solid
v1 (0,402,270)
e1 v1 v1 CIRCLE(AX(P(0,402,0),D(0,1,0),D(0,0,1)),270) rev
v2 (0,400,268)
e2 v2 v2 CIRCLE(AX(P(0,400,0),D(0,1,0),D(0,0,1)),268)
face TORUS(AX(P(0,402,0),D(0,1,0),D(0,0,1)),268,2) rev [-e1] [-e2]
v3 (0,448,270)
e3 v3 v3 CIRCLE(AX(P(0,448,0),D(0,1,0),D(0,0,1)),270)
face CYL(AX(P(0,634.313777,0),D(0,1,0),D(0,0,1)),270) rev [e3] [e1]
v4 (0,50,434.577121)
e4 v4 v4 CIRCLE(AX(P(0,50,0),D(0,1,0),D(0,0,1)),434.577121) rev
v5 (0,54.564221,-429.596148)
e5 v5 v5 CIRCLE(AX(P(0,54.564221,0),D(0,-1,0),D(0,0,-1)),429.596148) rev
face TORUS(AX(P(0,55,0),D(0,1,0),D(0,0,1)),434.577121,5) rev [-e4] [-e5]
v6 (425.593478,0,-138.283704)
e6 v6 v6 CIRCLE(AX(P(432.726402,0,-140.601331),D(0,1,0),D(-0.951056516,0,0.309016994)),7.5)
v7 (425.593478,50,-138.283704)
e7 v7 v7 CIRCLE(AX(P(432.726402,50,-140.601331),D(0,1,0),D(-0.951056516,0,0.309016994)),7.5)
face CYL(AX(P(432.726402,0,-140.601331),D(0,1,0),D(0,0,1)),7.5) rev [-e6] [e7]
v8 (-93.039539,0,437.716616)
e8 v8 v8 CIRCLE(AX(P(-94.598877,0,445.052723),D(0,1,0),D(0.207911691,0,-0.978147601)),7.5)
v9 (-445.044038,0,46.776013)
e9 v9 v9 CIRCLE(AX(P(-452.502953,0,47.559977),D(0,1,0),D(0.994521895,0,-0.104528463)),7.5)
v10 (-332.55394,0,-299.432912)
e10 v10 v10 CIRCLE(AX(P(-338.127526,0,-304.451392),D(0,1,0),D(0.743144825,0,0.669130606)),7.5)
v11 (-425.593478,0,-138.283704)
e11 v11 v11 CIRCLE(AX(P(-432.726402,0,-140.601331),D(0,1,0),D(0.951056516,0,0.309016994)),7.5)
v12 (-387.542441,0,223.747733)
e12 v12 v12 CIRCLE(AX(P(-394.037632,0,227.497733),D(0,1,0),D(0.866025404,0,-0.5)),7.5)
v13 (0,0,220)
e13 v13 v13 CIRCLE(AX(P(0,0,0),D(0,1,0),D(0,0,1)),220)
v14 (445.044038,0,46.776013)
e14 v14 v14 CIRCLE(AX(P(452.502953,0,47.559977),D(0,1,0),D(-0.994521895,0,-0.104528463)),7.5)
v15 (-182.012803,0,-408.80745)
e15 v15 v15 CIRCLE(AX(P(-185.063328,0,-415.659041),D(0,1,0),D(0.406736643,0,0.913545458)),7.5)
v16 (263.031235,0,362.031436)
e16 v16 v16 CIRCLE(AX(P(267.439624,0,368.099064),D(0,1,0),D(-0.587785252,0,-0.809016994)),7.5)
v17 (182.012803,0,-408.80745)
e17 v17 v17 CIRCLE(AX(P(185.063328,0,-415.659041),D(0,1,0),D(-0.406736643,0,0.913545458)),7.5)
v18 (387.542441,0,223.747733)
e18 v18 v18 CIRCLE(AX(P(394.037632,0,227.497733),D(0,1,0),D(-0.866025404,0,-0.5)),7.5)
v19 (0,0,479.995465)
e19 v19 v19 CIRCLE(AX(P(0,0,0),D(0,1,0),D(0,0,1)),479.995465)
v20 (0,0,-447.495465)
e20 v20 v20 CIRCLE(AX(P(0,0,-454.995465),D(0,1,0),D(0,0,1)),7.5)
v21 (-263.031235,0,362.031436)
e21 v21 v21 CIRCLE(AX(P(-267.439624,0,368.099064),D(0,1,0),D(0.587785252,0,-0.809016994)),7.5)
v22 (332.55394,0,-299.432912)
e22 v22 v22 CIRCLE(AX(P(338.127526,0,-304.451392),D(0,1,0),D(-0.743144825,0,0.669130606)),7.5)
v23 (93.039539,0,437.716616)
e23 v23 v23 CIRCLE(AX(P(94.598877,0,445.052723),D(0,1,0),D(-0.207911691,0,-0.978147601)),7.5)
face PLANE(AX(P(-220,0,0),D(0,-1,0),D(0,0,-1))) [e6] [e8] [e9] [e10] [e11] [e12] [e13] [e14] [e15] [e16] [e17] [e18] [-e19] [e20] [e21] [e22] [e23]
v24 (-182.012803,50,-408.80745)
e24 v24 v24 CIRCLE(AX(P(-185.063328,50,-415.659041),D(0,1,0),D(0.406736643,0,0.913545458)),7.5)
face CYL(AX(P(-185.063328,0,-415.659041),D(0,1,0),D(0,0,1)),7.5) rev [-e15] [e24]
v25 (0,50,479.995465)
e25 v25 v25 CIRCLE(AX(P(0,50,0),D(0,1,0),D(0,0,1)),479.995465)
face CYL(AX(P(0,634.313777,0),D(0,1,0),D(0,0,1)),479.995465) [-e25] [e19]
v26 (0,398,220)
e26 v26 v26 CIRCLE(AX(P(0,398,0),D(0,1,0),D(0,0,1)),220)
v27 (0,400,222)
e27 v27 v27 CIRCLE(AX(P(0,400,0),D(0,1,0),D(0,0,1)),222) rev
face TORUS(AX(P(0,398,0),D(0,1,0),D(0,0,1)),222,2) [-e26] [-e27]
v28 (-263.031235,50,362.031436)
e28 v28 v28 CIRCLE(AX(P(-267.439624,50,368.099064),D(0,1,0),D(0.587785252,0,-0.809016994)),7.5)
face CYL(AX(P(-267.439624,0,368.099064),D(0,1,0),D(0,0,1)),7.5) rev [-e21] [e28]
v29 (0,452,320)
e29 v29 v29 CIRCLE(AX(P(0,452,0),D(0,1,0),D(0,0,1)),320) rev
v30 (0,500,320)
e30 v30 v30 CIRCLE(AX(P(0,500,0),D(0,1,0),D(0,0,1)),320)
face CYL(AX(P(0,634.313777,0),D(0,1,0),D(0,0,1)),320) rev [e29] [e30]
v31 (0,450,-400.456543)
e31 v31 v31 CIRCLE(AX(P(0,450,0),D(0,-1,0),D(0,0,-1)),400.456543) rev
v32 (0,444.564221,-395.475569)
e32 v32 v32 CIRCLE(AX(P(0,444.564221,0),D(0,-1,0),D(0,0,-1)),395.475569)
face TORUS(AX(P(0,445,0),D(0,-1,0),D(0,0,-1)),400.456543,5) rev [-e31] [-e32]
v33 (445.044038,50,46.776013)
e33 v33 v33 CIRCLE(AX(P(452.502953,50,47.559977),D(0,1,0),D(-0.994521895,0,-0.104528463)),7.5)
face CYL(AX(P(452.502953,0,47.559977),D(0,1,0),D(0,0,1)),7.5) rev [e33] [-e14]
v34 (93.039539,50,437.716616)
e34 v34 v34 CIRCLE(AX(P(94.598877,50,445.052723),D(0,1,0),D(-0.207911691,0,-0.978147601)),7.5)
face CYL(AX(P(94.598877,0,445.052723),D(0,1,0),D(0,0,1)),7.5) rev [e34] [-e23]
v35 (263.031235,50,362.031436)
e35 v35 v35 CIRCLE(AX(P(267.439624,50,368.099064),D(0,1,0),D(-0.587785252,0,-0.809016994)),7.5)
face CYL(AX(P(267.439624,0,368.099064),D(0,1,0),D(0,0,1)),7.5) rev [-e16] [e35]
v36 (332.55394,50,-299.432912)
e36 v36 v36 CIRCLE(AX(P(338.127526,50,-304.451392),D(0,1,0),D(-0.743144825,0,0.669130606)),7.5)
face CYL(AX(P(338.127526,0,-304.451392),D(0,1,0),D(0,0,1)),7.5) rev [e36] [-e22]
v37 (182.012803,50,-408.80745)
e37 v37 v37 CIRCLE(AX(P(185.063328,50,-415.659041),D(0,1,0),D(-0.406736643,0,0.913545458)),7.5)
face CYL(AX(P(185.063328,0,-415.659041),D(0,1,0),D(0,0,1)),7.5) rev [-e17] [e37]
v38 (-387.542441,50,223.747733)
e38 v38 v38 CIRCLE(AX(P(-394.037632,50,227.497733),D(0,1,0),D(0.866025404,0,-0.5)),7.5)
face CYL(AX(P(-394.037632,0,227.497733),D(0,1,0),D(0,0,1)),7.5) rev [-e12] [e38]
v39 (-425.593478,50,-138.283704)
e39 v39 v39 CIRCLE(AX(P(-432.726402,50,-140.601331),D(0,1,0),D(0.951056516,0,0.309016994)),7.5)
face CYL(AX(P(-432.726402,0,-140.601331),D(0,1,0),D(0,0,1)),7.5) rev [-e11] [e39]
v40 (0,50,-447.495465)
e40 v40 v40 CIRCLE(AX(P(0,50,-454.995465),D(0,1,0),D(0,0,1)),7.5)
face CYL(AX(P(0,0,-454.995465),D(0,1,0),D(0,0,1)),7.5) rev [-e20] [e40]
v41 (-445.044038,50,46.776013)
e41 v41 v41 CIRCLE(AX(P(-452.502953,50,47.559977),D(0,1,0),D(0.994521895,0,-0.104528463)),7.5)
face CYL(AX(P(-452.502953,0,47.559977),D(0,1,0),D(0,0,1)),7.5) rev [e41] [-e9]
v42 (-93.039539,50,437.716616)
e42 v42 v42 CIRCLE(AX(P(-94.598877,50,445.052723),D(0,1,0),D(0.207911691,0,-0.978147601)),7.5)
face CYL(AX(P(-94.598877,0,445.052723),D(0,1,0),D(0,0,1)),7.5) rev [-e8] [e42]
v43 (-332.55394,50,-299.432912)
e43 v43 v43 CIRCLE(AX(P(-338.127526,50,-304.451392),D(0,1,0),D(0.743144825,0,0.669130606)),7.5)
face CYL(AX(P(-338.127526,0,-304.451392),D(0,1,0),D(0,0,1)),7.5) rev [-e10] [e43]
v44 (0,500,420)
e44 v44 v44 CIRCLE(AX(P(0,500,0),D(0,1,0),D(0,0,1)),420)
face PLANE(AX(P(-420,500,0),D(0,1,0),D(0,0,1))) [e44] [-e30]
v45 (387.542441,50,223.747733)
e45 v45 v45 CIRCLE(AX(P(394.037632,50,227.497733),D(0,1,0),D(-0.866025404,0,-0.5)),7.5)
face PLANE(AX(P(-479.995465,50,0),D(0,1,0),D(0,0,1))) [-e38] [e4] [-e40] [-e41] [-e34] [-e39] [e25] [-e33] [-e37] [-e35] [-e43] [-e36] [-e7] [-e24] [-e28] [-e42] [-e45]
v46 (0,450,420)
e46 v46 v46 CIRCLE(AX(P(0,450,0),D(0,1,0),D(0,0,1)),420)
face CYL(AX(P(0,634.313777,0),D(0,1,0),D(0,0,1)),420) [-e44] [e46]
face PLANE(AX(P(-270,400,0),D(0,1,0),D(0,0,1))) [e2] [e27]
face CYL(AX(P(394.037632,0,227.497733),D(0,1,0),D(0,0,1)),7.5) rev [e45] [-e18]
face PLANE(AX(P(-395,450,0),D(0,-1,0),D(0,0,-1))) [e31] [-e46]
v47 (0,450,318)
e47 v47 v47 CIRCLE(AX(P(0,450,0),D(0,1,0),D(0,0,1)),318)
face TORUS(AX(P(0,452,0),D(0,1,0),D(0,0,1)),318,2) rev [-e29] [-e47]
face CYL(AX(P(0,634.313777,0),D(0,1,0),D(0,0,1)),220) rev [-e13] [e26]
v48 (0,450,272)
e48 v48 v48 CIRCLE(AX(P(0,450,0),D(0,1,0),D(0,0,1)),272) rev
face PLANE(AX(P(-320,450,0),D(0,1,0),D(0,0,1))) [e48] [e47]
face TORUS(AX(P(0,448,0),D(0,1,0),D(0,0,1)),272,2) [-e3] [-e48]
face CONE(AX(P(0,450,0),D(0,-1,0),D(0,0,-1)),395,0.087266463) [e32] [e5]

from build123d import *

# Parameters (mm, degrees)
SKETCH3_R          = 7.5
CUT_EXTRUDE1_DEPTH = 815.426972557
CIRPATTERN1_COUNT  = 15
FILLET1_R          = 2
FILLET2_R          = 5


with BuildPart() as part:
    # Sketch2 → Revolve1 (revolve)
    with BuildSketch(Plane.XY, mode=Mode.PRIVATE) as revolve1_sk:
        Polygon((-220, 0), (-479.99546541, 0), (-479.99546541, 50), (-429.99546541, 50), (-395, 450), (-420, 450), (-420, 500), (-320, 500), (-320, 450), (-270, 450), (-270, 400), (-220, 400), align=None)
    revolve(revolve1_sk.sketch.rotate(Axis((0, 634.313776754, 0), (0, -1, 0)), 270), axis=Axis((0, 634.313776754, 0), (0, -1, 0)))

    # Sketch3 → Cut-Extrude1 (cut, through all)
    with BuildSketch(Plane(origin=(0, 50, 0), x_dir=(1, 0, 0), z_dir=(0, 1, 0))):
        with Locations(Location((0, 454.99546541, 0), (0, 0, 270))):
            Circle(SKETCH3_R)
    cut_extrude1 = extrude(amount=-CUT_EXTRUDE1_DEPTH, mode=Mode.SUBTRACT)

    # CirPattern1: Cut-Extrude1 ×15 about axis
    cirpattern1_axis = Axis((0, 0, 0), (0, 1, 0))
    for i in range(1, CIRPATTERN1_COUNT):
        add(cut_extrude1.rotate(cirpattern1_axis, i * 360 / CIRPATTERN1_COUNT), mode=Mode.SUBTRACT)

    # Fillet1
    fillet1_edges = [part.edges().sort_by_distance(p)[0] for p in [
        (0, 450, -270),
        (0, 450, -320),
        (0, 400, -220),
        (0, 400, -270),
    ]]
    fillet(fillet1_edges, radius=FILLET1_R)

    # Fillet2
    fillet2_edges = [part.edges().sort_by_distance(p)[0] for p in [
        (0, 450, -395),
        (0, 50, -429.99546541),
    ]]
    fillet(fillet2_edges, radius=FILLET2_R)


solid = part.part
